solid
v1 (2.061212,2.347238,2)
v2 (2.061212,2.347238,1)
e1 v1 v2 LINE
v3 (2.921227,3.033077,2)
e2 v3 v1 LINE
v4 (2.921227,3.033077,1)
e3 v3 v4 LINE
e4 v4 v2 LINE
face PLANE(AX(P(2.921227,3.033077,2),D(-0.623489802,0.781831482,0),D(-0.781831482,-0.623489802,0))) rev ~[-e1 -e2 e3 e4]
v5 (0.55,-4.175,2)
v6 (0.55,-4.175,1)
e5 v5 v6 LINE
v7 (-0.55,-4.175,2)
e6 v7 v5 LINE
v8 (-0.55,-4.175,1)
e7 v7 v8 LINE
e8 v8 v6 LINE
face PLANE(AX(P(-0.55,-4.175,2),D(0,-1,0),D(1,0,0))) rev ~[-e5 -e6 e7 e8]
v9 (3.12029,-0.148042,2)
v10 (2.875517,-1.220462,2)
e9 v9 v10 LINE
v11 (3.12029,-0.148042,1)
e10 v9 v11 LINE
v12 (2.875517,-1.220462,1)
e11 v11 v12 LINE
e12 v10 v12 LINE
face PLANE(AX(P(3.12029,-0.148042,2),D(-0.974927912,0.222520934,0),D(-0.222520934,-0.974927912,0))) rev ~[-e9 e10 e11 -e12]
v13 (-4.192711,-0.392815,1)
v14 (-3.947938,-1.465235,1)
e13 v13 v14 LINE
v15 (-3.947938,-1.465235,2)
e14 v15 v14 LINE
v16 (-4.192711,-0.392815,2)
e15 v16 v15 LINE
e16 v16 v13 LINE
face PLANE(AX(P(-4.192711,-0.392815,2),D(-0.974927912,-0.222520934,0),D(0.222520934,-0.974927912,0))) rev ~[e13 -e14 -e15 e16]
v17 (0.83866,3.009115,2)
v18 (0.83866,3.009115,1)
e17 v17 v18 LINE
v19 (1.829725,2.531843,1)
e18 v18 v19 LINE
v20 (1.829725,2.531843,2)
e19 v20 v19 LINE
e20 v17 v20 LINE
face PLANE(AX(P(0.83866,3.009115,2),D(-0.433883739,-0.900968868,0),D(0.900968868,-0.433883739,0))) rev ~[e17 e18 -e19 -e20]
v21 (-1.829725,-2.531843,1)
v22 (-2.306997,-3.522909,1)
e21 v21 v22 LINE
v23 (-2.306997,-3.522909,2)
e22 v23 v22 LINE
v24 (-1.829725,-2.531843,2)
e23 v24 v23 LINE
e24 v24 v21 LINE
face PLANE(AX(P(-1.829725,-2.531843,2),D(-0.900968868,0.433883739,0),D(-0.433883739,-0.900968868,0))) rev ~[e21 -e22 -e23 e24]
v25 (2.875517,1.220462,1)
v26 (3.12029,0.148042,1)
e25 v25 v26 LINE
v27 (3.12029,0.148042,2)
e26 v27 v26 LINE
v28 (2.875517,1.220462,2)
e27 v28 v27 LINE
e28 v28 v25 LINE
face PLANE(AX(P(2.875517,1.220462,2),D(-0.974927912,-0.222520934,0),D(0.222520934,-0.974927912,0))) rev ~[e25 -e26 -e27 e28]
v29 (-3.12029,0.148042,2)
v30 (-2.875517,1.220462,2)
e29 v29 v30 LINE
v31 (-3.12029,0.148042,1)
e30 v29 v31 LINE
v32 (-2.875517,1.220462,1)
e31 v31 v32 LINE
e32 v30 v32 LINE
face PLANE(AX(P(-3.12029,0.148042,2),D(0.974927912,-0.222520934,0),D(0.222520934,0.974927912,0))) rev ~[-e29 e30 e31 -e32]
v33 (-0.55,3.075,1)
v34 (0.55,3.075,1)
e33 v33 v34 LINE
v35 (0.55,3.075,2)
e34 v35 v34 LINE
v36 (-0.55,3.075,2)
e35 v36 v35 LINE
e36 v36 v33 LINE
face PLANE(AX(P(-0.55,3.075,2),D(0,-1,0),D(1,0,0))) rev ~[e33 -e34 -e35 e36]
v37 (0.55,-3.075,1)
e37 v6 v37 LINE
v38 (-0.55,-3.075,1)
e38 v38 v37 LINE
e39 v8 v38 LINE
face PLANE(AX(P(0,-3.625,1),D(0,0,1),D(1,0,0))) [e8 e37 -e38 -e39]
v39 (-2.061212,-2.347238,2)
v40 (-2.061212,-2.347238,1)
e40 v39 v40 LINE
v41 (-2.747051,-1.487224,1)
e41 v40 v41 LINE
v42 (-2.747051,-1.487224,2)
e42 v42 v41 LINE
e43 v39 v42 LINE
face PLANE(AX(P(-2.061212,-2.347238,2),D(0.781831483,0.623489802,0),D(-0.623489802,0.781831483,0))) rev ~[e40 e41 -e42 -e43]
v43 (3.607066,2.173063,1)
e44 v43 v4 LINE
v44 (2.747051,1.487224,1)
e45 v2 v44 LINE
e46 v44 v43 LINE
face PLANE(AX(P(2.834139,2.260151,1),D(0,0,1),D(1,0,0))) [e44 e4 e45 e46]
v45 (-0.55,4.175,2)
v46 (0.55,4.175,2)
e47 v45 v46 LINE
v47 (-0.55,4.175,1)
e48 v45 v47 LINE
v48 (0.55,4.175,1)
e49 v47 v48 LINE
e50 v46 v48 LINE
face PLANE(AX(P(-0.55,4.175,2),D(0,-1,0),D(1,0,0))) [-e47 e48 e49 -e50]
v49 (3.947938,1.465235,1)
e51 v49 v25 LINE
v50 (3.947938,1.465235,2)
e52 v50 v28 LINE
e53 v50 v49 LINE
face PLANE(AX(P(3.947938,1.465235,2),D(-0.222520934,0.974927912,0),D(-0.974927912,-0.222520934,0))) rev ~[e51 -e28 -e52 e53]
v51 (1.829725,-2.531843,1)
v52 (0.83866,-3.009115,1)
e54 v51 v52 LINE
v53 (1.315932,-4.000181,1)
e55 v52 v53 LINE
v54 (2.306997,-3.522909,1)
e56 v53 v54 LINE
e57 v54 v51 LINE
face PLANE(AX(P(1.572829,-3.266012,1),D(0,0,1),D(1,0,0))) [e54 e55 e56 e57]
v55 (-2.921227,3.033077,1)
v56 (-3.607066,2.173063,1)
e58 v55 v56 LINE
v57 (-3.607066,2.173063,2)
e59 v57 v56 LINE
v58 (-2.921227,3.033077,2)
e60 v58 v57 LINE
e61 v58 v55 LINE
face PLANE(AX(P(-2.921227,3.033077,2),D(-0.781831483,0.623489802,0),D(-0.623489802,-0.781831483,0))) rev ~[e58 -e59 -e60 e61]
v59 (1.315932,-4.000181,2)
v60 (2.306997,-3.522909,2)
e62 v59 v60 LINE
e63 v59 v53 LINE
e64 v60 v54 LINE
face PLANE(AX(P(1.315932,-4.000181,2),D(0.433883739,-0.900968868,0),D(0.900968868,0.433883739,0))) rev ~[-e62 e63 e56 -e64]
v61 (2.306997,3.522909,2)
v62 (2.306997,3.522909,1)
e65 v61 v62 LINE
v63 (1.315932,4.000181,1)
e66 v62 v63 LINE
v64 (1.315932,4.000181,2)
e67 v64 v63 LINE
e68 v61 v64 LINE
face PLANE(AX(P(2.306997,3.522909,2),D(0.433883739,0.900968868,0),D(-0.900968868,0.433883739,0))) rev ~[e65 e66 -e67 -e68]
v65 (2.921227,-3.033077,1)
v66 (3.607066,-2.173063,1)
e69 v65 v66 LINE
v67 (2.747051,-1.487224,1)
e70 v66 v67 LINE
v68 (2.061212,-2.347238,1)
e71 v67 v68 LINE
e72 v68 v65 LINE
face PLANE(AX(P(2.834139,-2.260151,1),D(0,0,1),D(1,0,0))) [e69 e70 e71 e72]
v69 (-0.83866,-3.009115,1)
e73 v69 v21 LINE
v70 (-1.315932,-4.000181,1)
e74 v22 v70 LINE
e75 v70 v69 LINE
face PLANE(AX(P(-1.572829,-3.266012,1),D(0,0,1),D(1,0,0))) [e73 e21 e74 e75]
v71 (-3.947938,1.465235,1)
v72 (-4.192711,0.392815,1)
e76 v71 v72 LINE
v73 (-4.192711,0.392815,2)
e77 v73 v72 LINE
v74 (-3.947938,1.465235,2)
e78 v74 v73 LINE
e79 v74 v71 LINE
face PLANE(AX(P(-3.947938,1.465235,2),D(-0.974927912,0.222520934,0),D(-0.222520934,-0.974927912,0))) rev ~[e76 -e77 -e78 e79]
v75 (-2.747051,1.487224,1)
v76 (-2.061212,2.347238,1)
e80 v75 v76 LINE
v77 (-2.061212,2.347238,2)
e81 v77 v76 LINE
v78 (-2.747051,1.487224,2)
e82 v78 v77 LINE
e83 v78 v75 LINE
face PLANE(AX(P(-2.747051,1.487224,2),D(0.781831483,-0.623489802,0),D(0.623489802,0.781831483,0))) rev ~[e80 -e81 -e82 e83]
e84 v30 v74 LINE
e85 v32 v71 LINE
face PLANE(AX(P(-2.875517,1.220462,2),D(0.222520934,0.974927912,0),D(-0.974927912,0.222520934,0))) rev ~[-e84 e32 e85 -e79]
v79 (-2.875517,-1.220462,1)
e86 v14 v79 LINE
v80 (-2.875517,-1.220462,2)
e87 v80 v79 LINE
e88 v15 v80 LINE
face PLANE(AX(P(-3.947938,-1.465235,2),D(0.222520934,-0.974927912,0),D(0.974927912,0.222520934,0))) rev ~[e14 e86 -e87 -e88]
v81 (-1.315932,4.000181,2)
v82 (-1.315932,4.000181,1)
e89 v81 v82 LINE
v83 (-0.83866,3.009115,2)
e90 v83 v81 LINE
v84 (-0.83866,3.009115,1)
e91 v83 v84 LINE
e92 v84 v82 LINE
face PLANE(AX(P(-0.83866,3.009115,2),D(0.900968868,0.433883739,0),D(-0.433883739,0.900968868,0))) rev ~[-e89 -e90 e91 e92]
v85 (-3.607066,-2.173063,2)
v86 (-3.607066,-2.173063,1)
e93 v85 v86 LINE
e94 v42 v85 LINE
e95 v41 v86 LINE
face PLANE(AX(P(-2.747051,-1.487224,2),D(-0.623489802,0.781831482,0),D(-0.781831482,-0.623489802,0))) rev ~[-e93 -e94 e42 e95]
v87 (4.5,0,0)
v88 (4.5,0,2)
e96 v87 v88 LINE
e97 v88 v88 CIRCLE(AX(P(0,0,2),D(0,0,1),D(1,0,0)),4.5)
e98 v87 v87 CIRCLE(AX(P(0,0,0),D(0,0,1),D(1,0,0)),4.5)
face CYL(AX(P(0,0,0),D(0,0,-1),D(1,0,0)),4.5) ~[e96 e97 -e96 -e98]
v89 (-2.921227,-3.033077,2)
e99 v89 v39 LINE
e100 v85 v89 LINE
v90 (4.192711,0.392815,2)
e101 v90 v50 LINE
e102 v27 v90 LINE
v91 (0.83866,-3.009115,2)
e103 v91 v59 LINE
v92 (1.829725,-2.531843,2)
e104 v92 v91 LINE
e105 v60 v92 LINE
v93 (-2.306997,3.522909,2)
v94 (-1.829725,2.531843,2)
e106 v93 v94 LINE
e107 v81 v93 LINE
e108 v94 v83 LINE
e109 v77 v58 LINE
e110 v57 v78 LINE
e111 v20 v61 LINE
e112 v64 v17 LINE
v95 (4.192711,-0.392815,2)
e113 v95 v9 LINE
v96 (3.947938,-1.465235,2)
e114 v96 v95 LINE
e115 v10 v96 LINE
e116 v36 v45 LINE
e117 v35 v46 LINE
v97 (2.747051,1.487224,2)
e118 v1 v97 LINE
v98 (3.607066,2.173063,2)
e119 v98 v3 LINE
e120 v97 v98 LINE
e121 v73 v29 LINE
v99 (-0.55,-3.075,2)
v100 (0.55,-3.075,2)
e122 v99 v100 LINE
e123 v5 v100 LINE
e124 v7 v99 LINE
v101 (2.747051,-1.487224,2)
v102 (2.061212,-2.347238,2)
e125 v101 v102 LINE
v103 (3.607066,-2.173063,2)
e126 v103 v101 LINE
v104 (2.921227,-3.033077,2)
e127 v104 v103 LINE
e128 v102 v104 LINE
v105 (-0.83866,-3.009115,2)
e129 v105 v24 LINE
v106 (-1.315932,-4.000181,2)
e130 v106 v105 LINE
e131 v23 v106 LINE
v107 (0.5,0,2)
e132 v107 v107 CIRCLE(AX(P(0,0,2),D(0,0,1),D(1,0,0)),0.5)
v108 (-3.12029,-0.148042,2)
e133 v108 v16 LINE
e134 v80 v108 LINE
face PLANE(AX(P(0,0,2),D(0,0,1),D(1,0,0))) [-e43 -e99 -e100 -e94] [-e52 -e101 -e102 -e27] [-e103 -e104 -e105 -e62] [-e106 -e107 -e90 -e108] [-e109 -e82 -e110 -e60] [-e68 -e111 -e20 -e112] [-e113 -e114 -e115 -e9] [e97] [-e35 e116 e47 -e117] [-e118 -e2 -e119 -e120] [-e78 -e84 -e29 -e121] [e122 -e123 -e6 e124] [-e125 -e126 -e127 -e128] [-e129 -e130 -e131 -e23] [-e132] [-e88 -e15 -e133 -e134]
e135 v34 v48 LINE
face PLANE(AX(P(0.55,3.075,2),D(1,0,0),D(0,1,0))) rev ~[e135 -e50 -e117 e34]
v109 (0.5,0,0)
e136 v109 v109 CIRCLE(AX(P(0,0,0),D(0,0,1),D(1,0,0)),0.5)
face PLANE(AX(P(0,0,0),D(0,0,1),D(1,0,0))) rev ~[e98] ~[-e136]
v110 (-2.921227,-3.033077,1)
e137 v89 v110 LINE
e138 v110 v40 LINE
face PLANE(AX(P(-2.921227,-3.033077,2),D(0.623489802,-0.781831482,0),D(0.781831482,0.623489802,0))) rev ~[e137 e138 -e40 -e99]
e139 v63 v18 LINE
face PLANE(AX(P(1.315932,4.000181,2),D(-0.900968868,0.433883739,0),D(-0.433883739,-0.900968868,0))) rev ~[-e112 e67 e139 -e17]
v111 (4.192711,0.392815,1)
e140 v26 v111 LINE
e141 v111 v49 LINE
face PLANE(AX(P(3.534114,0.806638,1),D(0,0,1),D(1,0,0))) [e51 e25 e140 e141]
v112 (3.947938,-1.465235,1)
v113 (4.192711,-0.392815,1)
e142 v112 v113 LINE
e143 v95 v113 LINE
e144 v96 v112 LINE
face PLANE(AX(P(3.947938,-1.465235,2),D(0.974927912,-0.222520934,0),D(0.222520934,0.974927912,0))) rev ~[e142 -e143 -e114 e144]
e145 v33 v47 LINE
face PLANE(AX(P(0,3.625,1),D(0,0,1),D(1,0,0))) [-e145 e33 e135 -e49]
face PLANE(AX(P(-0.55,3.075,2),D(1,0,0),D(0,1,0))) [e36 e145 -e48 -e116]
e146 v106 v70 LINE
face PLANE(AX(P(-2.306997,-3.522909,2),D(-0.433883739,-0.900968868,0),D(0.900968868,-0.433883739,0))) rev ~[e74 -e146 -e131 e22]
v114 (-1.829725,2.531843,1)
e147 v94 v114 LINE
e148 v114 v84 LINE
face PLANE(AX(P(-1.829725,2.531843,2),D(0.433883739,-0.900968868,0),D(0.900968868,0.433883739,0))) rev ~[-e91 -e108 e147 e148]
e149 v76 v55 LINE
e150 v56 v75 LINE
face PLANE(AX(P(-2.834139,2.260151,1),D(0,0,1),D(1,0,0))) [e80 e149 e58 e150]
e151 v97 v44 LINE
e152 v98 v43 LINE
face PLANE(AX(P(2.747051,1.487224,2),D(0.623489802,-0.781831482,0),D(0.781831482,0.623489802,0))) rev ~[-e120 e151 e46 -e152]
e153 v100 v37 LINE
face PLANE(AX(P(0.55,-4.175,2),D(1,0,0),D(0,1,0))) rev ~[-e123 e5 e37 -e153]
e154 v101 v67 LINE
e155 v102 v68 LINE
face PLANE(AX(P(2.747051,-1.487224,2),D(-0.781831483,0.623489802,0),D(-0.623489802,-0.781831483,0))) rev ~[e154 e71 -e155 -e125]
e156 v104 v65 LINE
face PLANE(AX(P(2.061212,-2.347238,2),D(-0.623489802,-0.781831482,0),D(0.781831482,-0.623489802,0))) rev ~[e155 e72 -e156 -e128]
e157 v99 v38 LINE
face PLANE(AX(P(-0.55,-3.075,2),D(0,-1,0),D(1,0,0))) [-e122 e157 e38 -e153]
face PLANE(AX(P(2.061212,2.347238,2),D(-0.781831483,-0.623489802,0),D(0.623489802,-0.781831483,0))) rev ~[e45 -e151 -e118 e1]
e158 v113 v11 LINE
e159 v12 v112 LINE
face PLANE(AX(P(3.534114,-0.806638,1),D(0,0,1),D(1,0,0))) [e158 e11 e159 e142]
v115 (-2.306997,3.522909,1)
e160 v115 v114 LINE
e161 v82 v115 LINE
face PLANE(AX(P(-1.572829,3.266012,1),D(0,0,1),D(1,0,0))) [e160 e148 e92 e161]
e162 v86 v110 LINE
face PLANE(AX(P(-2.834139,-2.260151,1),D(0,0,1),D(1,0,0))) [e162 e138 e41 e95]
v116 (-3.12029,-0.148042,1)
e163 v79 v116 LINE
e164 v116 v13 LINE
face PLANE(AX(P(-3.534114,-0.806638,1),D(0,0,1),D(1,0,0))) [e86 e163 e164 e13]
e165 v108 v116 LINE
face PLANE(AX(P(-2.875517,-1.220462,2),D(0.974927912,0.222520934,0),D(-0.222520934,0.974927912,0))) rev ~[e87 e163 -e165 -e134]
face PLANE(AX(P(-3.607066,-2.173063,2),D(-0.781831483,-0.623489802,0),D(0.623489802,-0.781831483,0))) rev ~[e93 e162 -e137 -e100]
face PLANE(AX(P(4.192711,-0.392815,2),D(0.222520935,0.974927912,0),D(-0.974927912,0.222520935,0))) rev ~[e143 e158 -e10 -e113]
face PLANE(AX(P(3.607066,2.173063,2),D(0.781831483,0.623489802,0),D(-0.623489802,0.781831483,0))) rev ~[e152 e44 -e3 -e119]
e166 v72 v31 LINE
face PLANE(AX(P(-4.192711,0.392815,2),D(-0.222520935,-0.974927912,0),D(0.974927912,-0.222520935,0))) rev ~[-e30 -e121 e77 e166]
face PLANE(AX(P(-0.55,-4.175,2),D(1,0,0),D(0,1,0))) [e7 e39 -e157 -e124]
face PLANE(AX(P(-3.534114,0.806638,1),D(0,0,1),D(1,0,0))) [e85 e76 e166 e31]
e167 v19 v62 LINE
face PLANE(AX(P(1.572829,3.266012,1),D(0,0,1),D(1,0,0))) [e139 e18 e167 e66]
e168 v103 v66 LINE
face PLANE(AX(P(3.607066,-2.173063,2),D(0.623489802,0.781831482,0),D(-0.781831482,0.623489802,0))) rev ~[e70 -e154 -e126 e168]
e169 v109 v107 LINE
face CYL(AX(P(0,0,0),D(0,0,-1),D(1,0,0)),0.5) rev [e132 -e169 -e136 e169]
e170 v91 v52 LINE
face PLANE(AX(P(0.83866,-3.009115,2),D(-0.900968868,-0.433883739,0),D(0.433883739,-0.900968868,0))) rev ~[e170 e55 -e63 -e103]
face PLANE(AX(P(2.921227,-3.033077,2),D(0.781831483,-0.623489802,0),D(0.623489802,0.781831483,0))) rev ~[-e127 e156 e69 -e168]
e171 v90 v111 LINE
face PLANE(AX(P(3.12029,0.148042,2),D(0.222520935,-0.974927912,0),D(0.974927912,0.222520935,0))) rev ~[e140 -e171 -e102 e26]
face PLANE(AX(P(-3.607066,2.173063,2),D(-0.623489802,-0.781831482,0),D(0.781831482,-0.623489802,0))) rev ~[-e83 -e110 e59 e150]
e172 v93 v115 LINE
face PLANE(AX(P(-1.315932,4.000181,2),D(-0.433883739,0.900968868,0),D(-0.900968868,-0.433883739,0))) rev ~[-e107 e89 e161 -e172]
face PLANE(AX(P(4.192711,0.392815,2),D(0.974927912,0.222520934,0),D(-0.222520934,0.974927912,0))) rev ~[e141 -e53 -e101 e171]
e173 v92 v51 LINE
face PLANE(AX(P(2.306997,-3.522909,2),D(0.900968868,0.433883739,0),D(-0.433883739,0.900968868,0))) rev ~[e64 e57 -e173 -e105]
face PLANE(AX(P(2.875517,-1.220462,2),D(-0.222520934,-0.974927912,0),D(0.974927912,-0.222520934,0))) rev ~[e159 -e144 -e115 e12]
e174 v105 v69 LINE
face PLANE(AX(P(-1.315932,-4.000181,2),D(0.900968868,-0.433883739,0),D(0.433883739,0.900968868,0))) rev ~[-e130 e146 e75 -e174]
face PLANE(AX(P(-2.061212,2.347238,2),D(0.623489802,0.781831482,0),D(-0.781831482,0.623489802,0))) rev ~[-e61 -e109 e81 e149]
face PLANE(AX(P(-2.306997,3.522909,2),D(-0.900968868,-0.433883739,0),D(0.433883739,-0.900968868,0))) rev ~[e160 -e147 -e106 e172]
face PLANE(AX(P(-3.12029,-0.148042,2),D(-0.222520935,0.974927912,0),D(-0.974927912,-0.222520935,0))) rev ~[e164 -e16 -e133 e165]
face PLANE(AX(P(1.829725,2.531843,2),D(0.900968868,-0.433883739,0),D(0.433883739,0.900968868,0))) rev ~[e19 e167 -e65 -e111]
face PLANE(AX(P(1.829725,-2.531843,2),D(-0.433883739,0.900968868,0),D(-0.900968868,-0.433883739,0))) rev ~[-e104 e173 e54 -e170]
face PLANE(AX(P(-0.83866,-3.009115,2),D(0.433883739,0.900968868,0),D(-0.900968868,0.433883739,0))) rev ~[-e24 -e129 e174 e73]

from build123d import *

# Parameters (mm, degrees)
SZKIC1_R                    = 4.5
SZKIC1_R_2                  = 0.5
DODANIE_WYCI_GNI_CIE1_DEPTH = 2
SZKIC2_W                    = 1.1
SZKIC2_H                    = 1.1
WYTNIJ_WYCI_GNI_CIE1_DEPTH  = 1


with BuildPart() as part:
    # Szkic1 → Dodanie-wyciągnięcie1 (new body)
    with BuildSketch(Plane.XY):
        Circle(SZKIC1_R)
        Circle(SZKIC1_R_2, mode=Mode.SUBTRACT)
    extrude(amount=DODANIE_WYCI_GNI_CIE1_DEPTH)

    # Szkic2 → Wytnij-wyciągnięcie1 (cut)
    with BuildSketch(Plane.XY.offset(2)):
        Polygon((1.315931733, 4.00018108), (0.83865962, 3.009115325), (1.829725375, 2.531843212), (2.306997488, 3.522908967), align=None)
        with Locations((0, 3.625)):
            Rectangle(SZKIC2_W, SZKIC2_H)
        Polygon((2.921227048, 3.033077238), (2.061212418, 2.347238456), (2.7470512, 1.487223825), (3.60706583, 2.173062607), align=None)
        Polygon((3.94793752, 1.465235251), (2.875516816, 1.220462224), (3.120289844, 0.14804152), (4.192710547, 0.392814548), align=None)
        Polygon((4.192710547, -0.392814548), (3.120289844, -0.14804152), (2.875516816, -1.220462224), (3.94793752, -1.465235251), align=None)
        Polygon((3.60706583, -2.173062607), (2.7470512, -1.487223825), (2.061212418, -2.347238456), (2.921227048, -3.033077238), align=None)
        Polygon((2.306997488, -3.522908967), (1.829725375, -2.531843212), (0.83865962, -3.009115325), (1.315931733, -4.00018108), align=None)
        with Locations((0, -3.625)):
            Rectangle(SZKIC2_W, SZKIC2_H)
        Polygon((-1.315931733, -4.00018108), (-0.83865962, -3.009115325), (-1.829725375, -2.531843212), (-2.306997488, -3.522908967), align=None)
        Polygon((-2.921227048, -3.033077238), (-2.061212418, -2.347238456), (-2.7470512, -1.487223825), (-3.60706583, -2.173062607), align=None)
        Polygon((-3.94793752, -1.465235251), (-2.875516816, -1.220462224), (-3.120289844, -0.14804152), (-4.192710547, -0.392814548), align=None)
        Polygon((-4.192710547, 0.392814548), (-3.120289844, 0.14804152), (-2.875516816, 1.220462224), (-3.94793752, 1.465235251), align=None)
        Polygon((-3.60706583, 2.173062607), (-2.7470512, 1.487223825), (-2.061212418, 2.347238456), (-2.921227048, 3.033077238), align=None)
        Polygon((-2.306997488, 3.522908967), (-1.829725375, 2.531843212), (-0.83865962, 3.009115325), (-1.315931733, 4.00018108), align=None)
    extrude(amount=-WYTNIJ_WYCI_GNI_CIE1_DEPTH, mode=Mode.SUBTRACT)


solid = part.part
